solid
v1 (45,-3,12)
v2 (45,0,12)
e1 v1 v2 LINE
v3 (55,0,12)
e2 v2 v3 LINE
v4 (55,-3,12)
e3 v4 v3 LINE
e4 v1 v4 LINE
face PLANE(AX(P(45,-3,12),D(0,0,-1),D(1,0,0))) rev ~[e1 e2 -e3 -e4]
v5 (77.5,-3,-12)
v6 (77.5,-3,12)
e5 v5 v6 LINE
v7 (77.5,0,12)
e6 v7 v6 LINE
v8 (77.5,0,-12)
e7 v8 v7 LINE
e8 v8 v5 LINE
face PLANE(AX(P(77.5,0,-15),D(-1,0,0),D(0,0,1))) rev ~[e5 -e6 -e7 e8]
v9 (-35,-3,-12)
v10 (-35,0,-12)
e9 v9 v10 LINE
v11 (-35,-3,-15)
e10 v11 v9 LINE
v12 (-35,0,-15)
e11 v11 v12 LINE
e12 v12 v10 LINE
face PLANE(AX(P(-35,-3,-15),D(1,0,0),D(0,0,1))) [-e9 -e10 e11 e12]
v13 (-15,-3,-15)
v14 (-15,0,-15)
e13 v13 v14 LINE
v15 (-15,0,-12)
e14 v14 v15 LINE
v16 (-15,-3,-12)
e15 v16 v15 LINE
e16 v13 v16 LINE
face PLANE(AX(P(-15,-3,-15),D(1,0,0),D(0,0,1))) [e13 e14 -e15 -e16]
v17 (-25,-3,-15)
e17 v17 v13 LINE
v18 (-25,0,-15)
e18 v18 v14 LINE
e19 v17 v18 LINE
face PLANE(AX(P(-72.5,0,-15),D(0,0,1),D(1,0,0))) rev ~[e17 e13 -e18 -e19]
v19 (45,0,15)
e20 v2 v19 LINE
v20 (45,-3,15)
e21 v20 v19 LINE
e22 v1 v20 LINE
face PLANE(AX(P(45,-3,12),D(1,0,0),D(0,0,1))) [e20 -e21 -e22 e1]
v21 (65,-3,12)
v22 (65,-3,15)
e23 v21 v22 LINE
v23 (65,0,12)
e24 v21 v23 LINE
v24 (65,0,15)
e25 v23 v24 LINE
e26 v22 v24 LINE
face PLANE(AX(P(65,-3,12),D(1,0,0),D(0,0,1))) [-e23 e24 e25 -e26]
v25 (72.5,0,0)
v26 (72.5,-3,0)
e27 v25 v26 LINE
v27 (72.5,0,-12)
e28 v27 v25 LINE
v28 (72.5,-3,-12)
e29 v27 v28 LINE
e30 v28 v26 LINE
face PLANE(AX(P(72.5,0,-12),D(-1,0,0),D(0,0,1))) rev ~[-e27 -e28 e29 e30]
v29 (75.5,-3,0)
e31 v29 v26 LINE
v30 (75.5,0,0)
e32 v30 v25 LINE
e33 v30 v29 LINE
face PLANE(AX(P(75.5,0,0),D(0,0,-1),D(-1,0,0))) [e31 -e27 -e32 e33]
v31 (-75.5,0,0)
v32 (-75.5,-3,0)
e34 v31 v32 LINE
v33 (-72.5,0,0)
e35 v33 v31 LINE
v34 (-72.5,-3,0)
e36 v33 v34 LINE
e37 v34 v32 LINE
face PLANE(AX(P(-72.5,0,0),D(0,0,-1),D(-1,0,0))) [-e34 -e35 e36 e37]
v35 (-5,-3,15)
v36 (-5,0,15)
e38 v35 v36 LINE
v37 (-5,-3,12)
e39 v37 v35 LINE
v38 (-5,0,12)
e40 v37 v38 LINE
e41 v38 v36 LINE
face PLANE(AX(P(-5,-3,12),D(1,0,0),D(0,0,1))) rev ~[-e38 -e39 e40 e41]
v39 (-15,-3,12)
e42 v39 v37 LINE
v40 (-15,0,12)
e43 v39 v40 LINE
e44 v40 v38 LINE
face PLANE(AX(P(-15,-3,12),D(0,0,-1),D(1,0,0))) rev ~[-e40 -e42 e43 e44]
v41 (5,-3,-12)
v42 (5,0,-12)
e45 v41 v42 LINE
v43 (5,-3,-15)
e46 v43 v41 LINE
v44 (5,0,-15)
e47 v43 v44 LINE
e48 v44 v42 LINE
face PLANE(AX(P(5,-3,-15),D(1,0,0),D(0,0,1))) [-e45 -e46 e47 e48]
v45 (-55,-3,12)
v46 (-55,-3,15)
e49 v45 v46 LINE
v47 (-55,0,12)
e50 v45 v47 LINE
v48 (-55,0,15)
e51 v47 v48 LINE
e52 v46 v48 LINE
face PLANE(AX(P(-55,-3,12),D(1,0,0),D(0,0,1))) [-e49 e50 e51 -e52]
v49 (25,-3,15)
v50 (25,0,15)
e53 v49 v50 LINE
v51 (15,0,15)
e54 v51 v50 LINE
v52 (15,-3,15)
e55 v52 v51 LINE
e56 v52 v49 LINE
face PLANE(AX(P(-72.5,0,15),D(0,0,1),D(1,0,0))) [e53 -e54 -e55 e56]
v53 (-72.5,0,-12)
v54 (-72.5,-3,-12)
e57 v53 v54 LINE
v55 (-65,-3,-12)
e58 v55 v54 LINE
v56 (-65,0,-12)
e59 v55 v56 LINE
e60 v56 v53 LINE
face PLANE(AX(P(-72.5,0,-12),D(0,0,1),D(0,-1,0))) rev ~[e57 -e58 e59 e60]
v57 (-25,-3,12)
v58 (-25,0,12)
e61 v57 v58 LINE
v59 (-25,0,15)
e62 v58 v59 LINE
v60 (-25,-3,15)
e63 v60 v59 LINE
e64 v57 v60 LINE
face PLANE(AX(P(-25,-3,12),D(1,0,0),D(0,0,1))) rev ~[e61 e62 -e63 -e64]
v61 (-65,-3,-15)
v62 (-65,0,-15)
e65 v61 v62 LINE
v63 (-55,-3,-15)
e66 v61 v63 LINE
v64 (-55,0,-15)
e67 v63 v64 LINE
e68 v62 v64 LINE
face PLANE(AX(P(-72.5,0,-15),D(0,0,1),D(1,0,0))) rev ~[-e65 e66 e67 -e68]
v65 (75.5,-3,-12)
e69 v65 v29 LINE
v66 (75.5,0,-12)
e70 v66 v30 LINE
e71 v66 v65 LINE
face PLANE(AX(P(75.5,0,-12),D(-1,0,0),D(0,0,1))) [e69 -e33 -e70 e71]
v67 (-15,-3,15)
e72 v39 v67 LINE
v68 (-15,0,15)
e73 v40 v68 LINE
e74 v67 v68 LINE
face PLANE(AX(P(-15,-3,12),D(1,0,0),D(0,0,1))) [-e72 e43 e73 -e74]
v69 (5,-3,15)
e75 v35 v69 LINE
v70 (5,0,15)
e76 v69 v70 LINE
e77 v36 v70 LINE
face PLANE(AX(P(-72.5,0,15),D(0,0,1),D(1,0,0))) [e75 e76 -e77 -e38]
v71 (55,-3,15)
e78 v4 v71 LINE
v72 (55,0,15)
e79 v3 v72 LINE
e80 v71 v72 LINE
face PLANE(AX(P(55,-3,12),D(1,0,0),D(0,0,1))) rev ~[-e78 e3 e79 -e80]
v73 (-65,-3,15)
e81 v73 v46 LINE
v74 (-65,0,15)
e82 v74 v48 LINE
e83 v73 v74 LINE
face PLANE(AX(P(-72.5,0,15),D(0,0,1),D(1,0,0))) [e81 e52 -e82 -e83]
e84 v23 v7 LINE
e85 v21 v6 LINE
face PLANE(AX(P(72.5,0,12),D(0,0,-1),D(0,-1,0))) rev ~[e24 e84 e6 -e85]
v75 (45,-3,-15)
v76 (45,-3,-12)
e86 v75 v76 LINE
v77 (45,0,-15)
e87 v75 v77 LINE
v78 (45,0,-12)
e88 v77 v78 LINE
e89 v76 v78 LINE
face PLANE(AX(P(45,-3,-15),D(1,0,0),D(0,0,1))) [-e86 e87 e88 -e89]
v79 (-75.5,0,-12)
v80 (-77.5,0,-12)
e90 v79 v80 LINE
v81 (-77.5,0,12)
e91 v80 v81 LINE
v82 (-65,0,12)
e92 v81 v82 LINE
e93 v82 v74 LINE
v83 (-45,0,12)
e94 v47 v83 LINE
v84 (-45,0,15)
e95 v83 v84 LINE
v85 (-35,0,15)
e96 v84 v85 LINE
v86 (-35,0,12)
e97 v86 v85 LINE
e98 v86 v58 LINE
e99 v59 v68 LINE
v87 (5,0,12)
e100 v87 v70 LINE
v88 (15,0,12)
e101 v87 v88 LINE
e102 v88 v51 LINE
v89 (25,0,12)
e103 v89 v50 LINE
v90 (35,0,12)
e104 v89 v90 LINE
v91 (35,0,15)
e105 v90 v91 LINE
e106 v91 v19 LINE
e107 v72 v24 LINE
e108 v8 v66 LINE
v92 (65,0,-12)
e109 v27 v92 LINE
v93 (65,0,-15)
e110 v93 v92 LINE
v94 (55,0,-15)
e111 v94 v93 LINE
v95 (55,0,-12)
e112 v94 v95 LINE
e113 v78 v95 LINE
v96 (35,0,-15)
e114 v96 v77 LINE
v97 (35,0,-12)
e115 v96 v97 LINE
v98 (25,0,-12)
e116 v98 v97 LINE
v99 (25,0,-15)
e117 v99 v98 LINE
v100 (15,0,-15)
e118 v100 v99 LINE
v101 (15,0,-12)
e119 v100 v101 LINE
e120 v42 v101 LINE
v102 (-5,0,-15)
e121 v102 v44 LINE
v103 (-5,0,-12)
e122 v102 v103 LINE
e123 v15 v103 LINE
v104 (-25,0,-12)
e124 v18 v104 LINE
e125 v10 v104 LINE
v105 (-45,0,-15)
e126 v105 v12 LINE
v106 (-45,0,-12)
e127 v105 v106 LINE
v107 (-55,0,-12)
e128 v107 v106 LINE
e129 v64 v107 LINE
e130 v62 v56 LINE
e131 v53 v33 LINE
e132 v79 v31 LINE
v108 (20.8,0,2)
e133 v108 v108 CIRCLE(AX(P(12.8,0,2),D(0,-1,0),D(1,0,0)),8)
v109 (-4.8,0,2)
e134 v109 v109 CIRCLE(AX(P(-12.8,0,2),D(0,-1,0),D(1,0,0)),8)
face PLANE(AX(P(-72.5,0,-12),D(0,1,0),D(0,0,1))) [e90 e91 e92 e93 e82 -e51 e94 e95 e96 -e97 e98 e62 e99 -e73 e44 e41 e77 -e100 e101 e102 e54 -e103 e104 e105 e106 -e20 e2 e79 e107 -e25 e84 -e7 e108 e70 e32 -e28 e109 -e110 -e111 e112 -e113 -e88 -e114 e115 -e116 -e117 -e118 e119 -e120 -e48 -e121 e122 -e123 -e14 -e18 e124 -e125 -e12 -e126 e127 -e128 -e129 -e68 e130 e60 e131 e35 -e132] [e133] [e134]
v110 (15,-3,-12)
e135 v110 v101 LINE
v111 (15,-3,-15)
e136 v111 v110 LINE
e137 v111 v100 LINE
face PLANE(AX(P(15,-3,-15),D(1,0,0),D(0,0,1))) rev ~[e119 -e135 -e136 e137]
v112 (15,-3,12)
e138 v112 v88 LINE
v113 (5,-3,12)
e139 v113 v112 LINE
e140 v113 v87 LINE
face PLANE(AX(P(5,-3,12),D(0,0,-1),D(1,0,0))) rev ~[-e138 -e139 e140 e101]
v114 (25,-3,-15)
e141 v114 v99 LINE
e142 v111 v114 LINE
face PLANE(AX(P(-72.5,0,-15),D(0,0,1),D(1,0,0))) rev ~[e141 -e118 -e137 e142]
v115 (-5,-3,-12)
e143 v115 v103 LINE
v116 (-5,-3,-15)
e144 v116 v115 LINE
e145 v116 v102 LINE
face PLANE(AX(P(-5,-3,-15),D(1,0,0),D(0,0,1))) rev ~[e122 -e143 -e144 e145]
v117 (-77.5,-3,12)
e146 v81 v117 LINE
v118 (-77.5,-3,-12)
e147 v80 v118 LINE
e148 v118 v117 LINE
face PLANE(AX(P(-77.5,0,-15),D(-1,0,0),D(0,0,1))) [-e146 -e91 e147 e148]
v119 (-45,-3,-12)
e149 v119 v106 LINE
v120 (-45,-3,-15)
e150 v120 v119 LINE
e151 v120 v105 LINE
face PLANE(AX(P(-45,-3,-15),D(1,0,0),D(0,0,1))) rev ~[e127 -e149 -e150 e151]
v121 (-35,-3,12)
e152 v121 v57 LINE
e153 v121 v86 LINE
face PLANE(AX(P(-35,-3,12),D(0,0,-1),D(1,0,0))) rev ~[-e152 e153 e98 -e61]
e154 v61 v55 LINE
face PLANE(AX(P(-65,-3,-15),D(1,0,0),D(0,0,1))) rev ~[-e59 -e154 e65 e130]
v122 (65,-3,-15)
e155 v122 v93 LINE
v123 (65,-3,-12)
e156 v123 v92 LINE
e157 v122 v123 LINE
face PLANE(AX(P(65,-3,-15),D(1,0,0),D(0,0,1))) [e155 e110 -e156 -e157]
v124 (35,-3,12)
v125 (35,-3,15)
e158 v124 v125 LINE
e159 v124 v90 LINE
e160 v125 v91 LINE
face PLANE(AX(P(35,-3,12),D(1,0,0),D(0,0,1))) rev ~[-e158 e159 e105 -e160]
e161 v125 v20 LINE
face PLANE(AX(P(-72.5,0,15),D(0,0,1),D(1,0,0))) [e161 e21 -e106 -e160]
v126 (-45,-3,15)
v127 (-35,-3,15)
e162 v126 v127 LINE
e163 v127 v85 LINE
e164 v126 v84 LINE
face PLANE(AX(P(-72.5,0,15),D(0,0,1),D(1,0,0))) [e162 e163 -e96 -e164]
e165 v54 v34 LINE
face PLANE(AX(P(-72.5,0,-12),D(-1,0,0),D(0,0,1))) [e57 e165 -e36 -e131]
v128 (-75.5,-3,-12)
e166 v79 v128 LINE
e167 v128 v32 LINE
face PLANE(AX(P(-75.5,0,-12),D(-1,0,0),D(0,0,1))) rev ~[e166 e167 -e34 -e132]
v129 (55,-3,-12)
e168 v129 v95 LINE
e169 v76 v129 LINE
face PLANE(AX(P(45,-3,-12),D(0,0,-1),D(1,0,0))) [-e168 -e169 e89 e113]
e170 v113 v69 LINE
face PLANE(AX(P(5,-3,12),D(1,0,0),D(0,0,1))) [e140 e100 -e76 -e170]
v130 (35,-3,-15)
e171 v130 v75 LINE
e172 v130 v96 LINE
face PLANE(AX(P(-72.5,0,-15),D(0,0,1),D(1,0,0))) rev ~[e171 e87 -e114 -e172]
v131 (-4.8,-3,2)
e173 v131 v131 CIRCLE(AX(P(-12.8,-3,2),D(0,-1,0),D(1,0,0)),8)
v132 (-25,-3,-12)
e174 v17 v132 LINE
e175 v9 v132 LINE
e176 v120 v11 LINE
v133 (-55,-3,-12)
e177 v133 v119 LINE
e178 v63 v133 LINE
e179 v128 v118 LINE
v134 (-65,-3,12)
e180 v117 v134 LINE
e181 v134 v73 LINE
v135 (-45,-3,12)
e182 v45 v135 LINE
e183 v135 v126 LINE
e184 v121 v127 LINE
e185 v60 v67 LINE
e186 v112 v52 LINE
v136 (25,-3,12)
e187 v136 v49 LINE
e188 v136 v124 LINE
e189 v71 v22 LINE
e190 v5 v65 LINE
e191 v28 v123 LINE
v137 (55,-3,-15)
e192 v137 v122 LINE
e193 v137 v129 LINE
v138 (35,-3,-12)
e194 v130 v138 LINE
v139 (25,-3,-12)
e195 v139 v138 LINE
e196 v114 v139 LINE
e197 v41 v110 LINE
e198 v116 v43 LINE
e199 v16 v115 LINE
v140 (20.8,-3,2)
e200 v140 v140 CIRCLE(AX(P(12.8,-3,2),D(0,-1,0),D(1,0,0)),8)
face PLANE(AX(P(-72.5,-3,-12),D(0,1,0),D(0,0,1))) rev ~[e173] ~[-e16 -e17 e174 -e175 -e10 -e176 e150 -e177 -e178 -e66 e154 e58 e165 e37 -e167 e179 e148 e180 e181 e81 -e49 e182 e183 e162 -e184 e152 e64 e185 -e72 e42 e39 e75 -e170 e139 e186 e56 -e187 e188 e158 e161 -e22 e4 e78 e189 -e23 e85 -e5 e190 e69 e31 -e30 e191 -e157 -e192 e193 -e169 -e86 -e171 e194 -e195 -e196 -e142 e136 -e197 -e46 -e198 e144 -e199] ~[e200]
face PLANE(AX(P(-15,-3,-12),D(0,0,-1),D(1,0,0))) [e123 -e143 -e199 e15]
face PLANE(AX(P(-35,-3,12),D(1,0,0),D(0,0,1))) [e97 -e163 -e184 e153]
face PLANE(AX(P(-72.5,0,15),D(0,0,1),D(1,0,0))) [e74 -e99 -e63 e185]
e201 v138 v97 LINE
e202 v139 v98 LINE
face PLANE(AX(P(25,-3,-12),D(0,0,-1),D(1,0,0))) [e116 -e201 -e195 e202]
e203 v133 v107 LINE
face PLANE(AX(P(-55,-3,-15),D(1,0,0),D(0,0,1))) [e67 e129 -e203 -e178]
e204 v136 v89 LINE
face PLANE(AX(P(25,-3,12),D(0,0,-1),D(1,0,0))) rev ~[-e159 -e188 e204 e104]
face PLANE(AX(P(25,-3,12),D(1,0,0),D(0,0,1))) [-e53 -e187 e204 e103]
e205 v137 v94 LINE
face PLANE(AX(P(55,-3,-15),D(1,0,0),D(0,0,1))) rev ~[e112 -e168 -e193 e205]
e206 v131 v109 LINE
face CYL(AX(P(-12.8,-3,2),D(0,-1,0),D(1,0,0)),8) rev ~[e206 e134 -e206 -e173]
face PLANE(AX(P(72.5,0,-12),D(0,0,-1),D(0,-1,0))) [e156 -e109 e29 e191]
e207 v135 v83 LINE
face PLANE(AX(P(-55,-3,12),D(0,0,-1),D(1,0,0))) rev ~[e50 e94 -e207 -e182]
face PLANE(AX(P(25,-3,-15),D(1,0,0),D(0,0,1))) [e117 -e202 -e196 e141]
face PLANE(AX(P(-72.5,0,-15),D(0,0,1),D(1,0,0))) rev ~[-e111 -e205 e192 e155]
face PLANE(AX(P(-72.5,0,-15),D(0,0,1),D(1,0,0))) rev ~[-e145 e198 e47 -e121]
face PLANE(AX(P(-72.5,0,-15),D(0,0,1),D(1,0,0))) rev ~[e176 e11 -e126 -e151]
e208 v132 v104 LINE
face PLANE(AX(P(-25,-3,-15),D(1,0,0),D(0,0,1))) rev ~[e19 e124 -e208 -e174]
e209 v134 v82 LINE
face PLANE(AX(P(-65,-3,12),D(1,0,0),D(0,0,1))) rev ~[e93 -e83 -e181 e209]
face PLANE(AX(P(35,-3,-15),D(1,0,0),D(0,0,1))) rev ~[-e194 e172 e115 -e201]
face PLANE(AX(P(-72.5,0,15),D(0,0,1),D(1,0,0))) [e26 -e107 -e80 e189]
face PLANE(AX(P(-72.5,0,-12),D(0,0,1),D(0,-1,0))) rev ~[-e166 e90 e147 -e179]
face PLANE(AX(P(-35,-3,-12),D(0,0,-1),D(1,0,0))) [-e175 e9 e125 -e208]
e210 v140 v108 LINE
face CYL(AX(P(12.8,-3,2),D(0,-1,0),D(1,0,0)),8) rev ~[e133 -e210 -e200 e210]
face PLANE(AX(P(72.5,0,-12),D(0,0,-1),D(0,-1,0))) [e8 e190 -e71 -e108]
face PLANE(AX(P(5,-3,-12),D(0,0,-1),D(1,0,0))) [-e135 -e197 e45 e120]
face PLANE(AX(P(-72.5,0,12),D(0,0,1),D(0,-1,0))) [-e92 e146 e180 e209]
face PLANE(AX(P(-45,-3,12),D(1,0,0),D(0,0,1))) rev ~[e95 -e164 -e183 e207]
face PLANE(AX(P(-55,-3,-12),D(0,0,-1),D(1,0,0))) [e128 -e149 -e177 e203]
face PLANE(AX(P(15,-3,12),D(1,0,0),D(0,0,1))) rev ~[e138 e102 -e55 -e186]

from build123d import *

# Parameters (mm, degrees)
F0_W     = 145
F0_H     = 30
F1_DEPTH = 3
F2_W     = 10
F2_H     = 3
F3_DEPTH = 25
F4_DEPTH = 5
F5_DEPTH = 5
F6_W     = 3
F6_H     = 12
F7_DEPTH = 25
F8_R     = 8
F9_DEPTH = 25


with BuildPart() as f1:
    # F0 (on Front) → F1 (new body)
    with BuildSketch(Plane.XZ):
        Rectangle(F0_W, F0_H)
    extrude(amount=F1_DEPTH)

    # F2 (on face) → F3 (cut)
    with BuildSketch(Plane.XZ.offset(3)):
        with Locations((-70, -13.5)):
            Rectangle(F2_W, F2_H)
        with Locations((-70, 13.5)):
            Rectangle(F2_W, F2_H)
        with Locations((-50, -13.5)):
            Rectangle(F2_W, F2_H)
        with Locations((-50, 13.5)):
            Rectangle(F2_W, F2_H)
        with Locations((-30, -13.5)):
            Rectangle(F2_W, F2_H)
        with Locations((-30, 13.5)):
            Rectangle(F2_W, F2_H)
        with Locations((-10, -13.5)):
            Rectangle(F2_W, F2_H)
        with Locations((-10, 13.5)):
            Rectangle(F2_W, F2_H)
        with Locations((10, -13.5)):
            Rectangle(F2_W, F2_H)
        with Locations((10, 13.5)):
            Rectangle(F2_W, F2_H)
        with Locations((30, -13.5)):
            Rectangle(F2_W, F2_H)
        with Locations((30, 13.5)):
            Rectangle(F2_W, F2_H)
        with Locations((50, -13.5)):
            Rectangle(F2_W, F2_H)
        with Locations((50, 13.5)):
            Rectangle(F2_W, F2_H)
        with Locations((70, -13.5)):
            Rectangle(F2_W, F2_H)
        with Locations((70, 13.5)):
            Rectangle(F2_W, F2_H)
    extrude(amount=-F3_DEPTH, mode=Mode.SUBTRACT)

    # F4 (add): faces of the model
    f4_faces = [f1.faces().sort_by_distance(p)[0] for p in [
        (72.5, -1.5, 0),
        (-72.5, -1.5, 0),
    ]]
    extrude(f4_faces, amount=F4_DEPTH, dir=(1, 0, 0))

    # F5 (add): a face of the model
    f5_faces = [f1.faces().sort_by_distance(p)[0] for p in [
        (-72.5, -1.5, 0),
    ]]
    extrude(f5_faces, amount=F5_DEPTH)

    # F6 (on face) → F7 (cut)
    with BuildSketch(Plane(origin=(0, 0, 0), x_dir=(-1, 0, 0), z_dir=(0, 1, 0))):
        with Locations((-74, -6)):
            Rectangle(F6_W, F6_H)
        with Locations((74, -6)):
            Rectangle(F6_W, F6_H)
    extrude(amount=-F7_DEPTH, mode=Mode.SUBTRACT)

    # F8 (on face) → F9 (cut)
    with BuildSketch(Plane.XZ.offset(3)):
        with Locations((-12.8, 2)):
            Circle(F8_R)
        with Locations((12.8, 2)):
            Circle(F8_R)
    extrude(amount=-F9_DEPTH, mode=Mode.SUBTRACT)


solid = f1.part
